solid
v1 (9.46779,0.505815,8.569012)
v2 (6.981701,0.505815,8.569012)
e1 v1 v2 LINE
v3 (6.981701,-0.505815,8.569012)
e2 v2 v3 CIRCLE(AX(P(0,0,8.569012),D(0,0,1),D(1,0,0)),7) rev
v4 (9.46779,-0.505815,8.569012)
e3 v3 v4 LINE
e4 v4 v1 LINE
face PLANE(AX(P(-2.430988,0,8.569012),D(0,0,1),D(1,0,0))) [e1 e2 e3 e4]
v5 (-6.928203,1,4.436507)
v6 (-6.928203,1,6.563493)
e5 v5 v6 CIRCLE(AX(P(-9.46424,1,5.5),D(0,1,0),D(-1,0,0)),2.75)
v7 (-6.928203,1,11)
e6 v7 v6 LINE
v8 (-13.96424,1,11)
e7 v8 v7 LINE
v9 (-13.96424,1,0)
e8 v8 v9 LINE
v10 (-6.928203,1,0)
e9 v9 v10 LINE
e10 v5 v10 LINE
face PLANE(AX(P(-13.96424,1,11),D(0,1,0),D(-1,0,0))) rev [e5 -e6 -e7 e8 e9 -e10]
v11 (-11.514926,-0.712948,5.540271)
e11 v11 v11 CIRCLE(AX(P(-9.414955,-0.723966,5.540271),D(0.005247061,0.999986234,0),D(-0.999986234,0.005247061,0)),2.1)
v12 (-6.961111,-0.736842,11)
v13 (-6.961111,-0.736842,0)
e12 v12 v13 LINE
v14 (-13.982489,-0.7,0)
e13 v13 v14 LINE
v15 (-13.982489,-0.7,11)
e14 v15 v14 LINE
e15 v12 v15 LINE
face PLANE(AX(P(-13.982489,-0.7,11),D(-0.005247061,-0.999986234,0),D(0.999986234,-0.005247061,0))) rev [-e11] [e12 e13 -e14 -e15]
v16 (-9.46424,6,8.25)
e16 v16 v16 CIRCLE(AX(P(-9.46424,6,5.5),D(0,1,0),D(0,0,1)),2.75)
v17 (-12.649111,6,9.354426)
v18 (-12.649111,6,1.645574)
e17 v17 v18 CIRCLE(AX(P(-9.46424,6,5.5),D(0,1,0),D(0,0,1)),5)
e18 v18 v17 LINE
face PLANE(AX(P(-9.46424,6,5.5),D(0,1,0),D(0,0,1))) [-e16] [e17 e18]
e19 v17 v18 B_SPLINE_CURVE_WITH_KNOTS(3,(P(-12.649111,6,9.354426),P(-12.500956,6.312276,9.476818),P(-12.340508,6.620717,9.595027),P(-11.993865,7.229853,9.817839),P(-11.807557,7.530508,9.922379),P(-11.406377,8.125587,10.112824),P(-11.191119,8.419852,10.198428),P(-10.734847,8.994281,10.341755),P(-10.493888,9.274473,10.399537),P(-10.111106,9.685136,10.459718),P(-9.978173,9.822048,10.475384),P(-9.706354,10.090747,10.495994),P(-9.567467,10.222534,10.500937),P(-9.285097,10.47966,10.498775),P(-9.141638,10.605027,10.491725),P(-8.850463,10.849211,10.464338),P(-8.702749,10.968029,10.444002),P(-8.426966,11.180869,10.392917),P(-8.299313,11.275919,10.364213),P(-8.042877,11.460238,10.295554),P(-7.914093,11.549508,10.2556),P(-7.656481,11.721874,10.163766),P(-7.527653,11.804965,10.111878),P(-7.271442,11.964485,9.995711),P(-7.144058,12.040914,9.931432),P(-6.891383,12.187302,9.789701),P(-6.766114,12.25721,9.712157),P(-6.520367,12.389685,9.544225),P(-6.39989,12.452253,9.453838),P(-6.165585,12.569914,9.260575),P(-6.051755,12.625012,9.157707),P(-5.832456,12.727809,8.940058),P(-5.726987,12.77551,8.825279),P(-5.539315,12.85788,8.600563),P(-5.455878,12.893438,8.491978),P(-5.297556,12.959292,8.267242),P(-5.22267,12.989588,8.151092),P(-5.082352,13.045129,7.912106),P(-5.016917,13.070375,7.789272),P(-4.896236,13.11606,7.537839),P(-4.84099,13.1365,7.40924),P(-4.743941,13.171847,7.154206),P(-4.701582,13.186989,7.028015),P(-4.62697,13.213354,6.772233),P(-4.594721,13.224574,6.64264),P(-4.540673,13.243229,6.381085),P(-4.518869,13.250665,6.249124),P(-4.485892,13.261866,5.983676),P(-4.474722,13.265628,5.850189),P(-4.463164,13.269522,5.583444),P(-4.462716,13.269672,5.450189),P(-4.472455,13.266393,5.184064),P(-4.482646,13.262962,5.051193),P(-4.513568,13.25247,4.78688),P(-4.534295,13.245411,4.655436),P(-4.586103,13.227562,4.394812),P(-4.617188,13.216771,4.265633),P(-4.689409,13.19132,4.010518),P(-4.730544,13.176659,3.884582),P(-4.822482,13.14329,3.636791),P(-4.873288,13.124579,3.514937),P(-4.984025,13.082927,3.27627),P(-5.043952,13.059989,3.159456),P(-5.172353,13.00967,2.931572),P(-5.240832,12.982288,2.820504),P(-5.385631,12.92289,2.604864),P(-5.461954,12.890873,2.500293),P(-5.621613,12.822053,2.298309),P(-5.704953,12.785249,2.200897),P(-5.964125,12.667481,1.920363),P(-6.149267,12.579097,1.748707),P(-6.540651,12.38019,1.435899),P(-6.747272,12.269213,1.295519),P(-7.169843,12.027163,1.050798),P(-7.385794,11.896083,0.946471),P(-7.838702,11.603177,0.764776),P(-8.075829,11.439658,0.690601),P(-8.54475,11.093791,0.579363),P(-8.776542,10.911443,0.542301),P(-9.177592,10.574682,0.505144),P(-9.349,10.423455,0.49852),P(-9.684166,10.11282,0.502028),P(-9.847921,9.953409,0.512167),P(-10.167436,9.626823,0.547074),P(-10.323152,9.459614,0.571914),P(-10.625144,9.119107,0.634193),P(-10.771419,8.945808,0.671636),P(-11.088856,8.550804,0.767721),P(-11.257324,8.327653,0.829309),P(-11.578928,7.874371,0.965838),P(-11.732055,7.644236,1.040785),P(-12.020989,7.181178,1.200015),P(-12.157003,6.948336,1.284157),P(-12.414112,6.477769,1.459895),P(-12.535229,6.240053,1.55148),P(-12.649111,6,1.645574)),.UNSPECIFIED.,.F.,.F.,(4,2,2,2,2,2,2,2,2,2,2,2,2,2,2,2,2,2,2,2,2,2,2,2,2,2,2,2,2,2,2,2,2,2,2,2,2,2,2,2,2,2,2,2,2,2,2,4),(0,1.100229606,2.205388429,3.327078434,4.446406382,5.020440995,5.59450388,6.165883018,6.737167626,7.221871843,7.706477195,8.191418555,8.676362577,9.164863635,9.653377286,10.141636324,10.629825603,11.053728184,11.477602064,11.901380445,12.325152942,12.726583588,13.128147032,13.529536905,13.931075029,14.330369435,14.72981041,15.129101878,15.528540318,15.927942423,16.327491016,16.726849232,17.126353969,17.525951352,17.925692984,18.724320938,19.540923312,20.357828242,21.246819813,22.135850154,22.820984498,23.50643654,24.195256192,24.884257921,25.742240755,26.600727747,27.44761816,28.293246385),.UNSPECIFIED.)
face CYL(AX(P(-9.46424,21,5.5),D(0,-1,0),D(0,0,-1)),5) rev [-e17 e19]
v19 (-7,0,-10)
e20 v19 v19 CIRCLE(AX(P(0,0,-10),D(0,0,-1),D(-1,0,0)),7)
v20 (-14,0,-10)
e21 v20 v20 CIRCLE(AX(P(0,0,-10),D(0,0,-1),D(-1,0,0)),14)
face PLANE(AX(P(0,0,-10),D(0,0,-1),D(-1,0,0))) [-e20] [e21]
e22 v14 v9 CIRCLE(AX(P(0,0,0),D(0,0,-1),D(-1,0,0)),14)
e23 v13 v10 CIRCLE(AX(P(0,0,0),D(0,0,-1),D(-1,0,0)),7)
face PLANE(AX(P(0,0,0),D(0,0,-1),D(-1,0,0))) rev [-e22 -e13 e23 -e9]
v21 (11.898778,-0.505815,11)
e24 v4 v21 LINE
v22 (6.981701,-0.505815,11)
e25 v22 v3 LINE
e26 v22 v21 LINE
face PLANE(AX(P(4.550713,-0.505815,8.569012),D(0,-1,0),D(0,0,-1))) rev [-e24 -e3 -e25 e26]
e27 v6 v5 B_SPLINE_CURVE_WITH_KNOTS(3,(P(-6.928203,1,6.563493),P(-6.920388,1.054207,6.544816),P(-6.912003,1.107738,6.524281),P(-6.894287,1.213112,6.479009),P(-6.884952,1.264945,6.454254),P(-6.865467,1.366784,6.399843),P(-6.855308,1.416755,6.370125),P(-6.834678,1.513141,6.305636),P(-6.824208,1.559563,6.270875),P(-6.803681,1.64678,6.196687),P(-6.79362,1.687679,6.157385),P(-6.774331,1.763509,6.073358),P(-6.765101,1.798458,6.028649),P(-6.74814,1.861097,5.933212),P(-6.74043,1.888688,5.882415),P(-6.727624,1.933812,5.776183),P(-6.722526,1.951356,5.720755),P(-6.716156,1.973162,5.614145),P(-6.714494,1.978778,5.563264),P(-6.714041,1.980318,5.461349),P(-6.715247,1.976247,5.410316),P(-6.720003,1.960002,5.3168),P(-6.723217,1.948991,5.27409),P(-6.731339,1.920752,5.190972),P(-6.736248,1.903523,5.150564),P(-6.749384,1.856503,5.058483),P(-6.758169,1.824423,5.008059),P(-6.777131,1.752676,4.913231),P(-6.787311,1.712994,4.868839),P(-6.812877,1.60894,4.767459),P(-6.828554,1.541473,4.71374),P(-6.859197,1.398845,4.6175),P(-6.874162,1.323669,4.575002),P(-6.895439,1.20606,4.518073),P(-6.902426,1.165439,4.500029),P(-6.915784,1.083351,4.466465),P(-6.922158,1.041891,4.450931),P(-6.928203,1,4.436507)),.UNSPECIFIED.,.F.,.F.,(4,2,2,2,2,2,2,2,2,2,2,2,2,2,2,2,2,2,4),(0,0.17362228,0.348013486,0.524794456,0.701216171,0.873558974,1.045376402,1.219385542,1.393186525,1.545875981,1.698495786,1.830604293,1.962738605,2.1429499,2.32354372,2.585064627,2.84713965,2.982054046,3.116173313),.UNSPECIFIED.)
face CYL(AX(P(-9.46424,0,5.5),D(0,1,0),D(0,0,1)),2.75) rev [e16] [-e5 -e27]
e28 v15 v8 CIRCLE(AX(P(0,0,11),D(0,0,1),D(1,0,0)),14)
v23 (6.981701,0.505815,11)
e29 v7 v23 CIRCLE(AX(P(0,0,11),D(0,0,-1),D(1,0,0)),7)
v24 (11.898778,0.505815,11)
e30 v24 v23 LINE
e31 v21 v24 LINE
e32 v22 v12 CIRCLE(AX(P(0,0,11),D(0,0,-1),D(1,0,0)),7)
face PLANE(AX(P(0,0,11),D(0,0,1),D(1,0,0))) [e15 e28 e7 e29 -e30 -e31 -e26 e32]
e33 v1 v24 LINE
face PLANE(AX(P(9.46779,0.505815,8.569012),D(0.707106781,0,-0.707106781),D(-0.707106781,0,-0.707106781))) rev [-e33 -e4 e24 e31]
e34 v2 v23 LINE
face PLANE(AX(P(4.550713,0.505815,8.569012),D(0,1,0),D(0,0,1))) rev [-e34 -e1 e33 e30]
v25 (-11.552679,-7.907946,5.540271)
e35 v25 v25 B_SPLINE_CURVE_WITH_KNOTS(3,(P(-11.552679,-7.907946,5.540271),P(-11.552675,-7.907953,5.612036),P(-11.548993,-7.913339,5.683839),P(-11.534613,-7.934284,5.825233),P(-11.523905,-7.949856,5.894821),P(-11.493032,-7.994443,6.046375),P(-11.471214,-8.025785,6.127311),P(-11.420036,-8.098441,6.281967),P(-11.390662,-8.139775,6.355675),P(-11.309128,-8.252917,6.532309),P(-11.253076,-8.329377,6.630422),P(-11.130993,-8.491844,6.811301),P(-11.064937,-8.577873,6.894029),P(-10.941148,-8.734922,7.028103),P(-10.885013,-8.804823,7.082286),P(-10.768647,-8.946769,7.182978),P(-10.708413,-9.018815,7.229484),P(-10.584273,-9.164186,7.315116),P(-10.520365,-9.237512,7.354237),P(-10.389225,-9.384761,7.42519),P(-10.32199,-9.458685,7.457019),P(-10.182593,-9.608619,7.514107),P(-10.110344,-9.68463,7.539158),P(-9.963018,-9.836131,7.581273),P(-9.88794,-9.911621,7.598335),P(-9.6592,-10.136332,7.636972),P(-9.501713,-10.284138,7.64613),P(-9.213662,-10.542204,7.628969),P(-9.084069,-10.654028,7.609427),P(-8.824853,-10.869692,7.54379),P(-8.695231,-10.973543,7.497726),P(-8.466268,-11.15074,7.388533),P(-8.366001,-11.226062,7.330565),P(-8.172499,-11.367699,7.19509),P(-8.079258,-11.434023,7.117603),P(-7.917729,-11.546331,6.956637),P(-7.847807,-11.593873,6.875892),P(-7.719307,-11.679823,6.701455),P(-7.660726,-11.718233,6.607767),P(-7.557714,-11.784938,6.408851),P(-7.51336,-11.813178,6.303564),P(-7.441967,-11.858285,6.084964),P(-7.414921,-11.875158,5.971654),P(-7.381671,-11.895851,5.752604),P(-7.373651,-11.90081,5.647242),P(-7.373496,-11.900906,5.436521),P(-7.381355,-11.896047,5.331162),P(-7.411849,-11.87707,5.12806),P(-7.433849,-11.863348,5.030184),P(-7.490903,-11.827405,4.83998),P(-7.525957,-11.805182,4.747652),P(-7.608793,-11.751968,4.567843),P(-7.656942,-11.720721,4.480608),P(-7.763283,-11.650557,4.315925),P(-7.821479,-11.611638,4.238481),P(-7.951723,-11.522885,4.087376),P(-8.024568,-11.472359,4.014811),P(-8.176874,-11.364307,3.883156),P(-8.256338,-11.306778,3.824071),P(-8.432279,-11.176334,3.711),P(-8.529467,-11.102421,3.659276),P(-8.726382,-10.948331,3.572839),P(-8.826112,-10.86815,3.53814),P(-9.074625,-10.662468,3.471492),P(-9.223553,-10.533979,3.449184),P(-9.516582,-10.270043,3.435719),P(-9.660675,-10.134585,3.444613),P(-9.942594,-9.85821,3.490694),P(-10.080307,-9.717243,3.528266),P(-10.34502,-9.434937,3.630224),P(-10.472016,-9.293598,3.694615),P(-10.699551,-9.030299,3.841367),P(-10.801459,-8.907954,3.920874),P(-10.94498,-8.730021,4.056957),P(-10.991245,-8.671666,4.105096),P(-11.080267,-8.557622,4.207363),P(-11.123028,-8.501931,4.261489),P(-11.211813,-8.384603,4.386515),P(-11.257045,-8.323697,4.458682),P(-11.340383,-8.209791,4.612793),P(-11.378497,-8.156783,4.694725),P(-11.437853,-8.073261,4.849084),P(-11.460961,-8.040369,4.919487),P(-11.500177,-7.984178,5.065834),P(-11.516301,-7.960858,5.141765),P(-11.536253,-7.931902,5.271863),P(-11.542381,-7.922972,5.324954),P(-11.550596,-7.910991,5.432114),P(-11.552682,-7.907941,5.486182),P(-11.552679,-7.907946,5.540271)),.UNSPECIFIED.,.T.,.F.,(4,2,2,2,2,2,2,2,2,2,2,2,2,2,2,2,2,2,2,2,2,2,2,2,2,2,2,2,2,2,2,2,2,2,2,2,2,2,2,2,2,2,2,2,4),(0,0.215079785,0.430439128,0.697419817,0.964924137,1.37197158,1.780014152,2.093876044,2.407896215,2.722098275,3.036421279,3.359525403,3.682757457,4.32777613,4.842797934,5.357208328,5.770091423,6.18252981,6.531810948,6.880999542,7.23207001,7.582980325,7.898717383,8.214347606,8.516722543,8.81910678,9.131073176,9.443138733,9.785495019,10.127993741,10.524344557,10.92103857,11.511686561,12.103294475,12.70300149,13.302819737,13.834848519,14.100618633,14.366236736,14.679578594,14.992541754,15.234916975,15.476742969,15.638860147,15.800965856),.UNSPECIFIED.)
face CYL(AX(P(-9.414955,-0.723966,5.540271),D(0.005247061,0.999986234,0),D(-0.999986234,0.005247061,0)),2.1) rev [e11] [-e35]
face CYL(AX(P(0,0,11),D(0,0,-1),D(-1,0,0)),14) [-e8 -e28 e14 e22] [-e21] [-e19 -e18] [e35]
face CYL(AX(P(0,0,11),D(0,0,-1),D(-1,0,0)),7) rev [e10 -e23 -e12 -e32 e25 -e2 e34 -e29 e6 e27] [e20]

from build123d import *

# Parameters (mm, degrees)
EXTRUDE_1_DEPTH        = 11
SKETCH_6_R             = 5
CUT_EXTRUDE_2_DEPTH    = 15
SKETCH_7_R             = 2.75
CUT_EXTRUDE_3_DEPTH    = 6
EXTRUDE_START          = 10
SKETCH_18_R            = 14
SKETCH_18_R_2          = 7
EXTRUDE_2_DEPTH        = 10
HOLE_WIZARD_M5_2_D     = 4.2
HOLE_WIZARD_M5_2_DEPTH = 19
HOLE_WIZARD_M5_2_TIP   = 1.2618073


with BuildPart() as part:
    # 草图1 → 凸台-拉伸1 (new body)
    with BuildSketch(Plane.XY):
        with BuildLine():
            Line((-13.964240044, 1), (-6.92820323, 1))
            ThreePointArc((-6.92820323, 1), (6.998743905, -0.13260372), (-6.96111081, -0.736842105))
            Line((-6.96111081, -0.736842105), (-13.982489049, -0.7))
            ThreePointArc((-13.982489049, -0.7), (13.999193432, -0.150277266), (-13.964240044, 1))
        make_face()
    extrude(amount=EXTRUDE_1_DEPTH)

    # 切除-扫描1: sweep along a path in 草图3
    with BuildLine(Plane(origin=(0, 0, 0), x_dir=(1, 0, 0), z_dir=(0, 1, 0))) as sweep_1_path:
        Line((11.898777818, -11), (9.4677896, -8.569011782))
    # 草图2 → 切除-扫描1 (sweep, cut)
    with BuildSketch(Plane.XY.offset(11)):
        with BuildLine():
            Line((6.981701169, 0.505814966), (11.898777818, 0.505814966))
            Line((11.898777818, 0.505814966), (11.898777818, -0.505814966))
            Line((11.898777818, -0.505814966), (6.981701169, -0.505814966))
            ThreePointArc((6.981701169, -0.505814966), (7, 0), (6.981701169, 0.505814966))
        make_face()
    sweep(path=sweep_1_path.line, mode=Mode.SUBTRACT)

    # 草图6 → 切除-拉伸2 (cut)
    with BuildSketch(Plane(origin=(0, 6, 0), x_dir=(1, 0, 0), z_dir=(0, 1, 0))):
        with Locations((-9.464240044, -5.5)):
            Circle(SKETCH_6_R)
    extrude(amount=CUT_EXTRUDE_2_DEPTH, mode=Mode.SUBTRACT)

    # 草图7 → 切除-拉伸3 (cut)
    with BuildSketch(Plane(origin=(0, 6, 0), x_dir=(1, 0, 0), z_dir=(0, 1, 0))):
        with Locations(Location((-9.464240044, -5.5, 0), (0, 0, 270))):
            Circle(SKETCH_7_R)
    extrude(amount=-CUT_EXTRUDE_3_DEPTH, mode=Mode.SUBTRACT)

    # 草图18 → 凸台-拉伸2 (add)
    with BuildSketch(Plane(origin=(0, 0, 0), x_dir=(-1, 0, 0), z_dir=(0, 0, -1)).offset(EXTRUDE_START)):
        Circle(SKETCH_18_R)
        Circle(SKETCH_18_R_2, mode=Mode.SUBTRACT)
    extrude(amount=-EXTRUDE_2_DEPTH)

    # M5 螺纹孔2
    with Locations(Plane(origin=(-0.004057853, -0.773346687, 0), x_dir=(0.9999862340820442, -0.005247060740183186, 0), z_dir=(0.005247060740183185, 0.9999862340820441, 0))):
        with Locations((-9.411026536, -5.540271142)):
            Hole(HOLE_WIZARD_M5_2_D / 2, depth=HOLE_WIZARD_M5_2_DEPTH)
            with Locations((0, 0, -(HOLE_WIZARD_M5_2_DEPTH + HOLE_WIZARD_M5_2_TIP / 2))):  # 118° drill point
                Cone(0, HOLE_WIZARD_M5_2_D / 2, HOLE_WIZARD_M5_2_TIP, mode=Mode.SUBTRACT)


solid = part.part
